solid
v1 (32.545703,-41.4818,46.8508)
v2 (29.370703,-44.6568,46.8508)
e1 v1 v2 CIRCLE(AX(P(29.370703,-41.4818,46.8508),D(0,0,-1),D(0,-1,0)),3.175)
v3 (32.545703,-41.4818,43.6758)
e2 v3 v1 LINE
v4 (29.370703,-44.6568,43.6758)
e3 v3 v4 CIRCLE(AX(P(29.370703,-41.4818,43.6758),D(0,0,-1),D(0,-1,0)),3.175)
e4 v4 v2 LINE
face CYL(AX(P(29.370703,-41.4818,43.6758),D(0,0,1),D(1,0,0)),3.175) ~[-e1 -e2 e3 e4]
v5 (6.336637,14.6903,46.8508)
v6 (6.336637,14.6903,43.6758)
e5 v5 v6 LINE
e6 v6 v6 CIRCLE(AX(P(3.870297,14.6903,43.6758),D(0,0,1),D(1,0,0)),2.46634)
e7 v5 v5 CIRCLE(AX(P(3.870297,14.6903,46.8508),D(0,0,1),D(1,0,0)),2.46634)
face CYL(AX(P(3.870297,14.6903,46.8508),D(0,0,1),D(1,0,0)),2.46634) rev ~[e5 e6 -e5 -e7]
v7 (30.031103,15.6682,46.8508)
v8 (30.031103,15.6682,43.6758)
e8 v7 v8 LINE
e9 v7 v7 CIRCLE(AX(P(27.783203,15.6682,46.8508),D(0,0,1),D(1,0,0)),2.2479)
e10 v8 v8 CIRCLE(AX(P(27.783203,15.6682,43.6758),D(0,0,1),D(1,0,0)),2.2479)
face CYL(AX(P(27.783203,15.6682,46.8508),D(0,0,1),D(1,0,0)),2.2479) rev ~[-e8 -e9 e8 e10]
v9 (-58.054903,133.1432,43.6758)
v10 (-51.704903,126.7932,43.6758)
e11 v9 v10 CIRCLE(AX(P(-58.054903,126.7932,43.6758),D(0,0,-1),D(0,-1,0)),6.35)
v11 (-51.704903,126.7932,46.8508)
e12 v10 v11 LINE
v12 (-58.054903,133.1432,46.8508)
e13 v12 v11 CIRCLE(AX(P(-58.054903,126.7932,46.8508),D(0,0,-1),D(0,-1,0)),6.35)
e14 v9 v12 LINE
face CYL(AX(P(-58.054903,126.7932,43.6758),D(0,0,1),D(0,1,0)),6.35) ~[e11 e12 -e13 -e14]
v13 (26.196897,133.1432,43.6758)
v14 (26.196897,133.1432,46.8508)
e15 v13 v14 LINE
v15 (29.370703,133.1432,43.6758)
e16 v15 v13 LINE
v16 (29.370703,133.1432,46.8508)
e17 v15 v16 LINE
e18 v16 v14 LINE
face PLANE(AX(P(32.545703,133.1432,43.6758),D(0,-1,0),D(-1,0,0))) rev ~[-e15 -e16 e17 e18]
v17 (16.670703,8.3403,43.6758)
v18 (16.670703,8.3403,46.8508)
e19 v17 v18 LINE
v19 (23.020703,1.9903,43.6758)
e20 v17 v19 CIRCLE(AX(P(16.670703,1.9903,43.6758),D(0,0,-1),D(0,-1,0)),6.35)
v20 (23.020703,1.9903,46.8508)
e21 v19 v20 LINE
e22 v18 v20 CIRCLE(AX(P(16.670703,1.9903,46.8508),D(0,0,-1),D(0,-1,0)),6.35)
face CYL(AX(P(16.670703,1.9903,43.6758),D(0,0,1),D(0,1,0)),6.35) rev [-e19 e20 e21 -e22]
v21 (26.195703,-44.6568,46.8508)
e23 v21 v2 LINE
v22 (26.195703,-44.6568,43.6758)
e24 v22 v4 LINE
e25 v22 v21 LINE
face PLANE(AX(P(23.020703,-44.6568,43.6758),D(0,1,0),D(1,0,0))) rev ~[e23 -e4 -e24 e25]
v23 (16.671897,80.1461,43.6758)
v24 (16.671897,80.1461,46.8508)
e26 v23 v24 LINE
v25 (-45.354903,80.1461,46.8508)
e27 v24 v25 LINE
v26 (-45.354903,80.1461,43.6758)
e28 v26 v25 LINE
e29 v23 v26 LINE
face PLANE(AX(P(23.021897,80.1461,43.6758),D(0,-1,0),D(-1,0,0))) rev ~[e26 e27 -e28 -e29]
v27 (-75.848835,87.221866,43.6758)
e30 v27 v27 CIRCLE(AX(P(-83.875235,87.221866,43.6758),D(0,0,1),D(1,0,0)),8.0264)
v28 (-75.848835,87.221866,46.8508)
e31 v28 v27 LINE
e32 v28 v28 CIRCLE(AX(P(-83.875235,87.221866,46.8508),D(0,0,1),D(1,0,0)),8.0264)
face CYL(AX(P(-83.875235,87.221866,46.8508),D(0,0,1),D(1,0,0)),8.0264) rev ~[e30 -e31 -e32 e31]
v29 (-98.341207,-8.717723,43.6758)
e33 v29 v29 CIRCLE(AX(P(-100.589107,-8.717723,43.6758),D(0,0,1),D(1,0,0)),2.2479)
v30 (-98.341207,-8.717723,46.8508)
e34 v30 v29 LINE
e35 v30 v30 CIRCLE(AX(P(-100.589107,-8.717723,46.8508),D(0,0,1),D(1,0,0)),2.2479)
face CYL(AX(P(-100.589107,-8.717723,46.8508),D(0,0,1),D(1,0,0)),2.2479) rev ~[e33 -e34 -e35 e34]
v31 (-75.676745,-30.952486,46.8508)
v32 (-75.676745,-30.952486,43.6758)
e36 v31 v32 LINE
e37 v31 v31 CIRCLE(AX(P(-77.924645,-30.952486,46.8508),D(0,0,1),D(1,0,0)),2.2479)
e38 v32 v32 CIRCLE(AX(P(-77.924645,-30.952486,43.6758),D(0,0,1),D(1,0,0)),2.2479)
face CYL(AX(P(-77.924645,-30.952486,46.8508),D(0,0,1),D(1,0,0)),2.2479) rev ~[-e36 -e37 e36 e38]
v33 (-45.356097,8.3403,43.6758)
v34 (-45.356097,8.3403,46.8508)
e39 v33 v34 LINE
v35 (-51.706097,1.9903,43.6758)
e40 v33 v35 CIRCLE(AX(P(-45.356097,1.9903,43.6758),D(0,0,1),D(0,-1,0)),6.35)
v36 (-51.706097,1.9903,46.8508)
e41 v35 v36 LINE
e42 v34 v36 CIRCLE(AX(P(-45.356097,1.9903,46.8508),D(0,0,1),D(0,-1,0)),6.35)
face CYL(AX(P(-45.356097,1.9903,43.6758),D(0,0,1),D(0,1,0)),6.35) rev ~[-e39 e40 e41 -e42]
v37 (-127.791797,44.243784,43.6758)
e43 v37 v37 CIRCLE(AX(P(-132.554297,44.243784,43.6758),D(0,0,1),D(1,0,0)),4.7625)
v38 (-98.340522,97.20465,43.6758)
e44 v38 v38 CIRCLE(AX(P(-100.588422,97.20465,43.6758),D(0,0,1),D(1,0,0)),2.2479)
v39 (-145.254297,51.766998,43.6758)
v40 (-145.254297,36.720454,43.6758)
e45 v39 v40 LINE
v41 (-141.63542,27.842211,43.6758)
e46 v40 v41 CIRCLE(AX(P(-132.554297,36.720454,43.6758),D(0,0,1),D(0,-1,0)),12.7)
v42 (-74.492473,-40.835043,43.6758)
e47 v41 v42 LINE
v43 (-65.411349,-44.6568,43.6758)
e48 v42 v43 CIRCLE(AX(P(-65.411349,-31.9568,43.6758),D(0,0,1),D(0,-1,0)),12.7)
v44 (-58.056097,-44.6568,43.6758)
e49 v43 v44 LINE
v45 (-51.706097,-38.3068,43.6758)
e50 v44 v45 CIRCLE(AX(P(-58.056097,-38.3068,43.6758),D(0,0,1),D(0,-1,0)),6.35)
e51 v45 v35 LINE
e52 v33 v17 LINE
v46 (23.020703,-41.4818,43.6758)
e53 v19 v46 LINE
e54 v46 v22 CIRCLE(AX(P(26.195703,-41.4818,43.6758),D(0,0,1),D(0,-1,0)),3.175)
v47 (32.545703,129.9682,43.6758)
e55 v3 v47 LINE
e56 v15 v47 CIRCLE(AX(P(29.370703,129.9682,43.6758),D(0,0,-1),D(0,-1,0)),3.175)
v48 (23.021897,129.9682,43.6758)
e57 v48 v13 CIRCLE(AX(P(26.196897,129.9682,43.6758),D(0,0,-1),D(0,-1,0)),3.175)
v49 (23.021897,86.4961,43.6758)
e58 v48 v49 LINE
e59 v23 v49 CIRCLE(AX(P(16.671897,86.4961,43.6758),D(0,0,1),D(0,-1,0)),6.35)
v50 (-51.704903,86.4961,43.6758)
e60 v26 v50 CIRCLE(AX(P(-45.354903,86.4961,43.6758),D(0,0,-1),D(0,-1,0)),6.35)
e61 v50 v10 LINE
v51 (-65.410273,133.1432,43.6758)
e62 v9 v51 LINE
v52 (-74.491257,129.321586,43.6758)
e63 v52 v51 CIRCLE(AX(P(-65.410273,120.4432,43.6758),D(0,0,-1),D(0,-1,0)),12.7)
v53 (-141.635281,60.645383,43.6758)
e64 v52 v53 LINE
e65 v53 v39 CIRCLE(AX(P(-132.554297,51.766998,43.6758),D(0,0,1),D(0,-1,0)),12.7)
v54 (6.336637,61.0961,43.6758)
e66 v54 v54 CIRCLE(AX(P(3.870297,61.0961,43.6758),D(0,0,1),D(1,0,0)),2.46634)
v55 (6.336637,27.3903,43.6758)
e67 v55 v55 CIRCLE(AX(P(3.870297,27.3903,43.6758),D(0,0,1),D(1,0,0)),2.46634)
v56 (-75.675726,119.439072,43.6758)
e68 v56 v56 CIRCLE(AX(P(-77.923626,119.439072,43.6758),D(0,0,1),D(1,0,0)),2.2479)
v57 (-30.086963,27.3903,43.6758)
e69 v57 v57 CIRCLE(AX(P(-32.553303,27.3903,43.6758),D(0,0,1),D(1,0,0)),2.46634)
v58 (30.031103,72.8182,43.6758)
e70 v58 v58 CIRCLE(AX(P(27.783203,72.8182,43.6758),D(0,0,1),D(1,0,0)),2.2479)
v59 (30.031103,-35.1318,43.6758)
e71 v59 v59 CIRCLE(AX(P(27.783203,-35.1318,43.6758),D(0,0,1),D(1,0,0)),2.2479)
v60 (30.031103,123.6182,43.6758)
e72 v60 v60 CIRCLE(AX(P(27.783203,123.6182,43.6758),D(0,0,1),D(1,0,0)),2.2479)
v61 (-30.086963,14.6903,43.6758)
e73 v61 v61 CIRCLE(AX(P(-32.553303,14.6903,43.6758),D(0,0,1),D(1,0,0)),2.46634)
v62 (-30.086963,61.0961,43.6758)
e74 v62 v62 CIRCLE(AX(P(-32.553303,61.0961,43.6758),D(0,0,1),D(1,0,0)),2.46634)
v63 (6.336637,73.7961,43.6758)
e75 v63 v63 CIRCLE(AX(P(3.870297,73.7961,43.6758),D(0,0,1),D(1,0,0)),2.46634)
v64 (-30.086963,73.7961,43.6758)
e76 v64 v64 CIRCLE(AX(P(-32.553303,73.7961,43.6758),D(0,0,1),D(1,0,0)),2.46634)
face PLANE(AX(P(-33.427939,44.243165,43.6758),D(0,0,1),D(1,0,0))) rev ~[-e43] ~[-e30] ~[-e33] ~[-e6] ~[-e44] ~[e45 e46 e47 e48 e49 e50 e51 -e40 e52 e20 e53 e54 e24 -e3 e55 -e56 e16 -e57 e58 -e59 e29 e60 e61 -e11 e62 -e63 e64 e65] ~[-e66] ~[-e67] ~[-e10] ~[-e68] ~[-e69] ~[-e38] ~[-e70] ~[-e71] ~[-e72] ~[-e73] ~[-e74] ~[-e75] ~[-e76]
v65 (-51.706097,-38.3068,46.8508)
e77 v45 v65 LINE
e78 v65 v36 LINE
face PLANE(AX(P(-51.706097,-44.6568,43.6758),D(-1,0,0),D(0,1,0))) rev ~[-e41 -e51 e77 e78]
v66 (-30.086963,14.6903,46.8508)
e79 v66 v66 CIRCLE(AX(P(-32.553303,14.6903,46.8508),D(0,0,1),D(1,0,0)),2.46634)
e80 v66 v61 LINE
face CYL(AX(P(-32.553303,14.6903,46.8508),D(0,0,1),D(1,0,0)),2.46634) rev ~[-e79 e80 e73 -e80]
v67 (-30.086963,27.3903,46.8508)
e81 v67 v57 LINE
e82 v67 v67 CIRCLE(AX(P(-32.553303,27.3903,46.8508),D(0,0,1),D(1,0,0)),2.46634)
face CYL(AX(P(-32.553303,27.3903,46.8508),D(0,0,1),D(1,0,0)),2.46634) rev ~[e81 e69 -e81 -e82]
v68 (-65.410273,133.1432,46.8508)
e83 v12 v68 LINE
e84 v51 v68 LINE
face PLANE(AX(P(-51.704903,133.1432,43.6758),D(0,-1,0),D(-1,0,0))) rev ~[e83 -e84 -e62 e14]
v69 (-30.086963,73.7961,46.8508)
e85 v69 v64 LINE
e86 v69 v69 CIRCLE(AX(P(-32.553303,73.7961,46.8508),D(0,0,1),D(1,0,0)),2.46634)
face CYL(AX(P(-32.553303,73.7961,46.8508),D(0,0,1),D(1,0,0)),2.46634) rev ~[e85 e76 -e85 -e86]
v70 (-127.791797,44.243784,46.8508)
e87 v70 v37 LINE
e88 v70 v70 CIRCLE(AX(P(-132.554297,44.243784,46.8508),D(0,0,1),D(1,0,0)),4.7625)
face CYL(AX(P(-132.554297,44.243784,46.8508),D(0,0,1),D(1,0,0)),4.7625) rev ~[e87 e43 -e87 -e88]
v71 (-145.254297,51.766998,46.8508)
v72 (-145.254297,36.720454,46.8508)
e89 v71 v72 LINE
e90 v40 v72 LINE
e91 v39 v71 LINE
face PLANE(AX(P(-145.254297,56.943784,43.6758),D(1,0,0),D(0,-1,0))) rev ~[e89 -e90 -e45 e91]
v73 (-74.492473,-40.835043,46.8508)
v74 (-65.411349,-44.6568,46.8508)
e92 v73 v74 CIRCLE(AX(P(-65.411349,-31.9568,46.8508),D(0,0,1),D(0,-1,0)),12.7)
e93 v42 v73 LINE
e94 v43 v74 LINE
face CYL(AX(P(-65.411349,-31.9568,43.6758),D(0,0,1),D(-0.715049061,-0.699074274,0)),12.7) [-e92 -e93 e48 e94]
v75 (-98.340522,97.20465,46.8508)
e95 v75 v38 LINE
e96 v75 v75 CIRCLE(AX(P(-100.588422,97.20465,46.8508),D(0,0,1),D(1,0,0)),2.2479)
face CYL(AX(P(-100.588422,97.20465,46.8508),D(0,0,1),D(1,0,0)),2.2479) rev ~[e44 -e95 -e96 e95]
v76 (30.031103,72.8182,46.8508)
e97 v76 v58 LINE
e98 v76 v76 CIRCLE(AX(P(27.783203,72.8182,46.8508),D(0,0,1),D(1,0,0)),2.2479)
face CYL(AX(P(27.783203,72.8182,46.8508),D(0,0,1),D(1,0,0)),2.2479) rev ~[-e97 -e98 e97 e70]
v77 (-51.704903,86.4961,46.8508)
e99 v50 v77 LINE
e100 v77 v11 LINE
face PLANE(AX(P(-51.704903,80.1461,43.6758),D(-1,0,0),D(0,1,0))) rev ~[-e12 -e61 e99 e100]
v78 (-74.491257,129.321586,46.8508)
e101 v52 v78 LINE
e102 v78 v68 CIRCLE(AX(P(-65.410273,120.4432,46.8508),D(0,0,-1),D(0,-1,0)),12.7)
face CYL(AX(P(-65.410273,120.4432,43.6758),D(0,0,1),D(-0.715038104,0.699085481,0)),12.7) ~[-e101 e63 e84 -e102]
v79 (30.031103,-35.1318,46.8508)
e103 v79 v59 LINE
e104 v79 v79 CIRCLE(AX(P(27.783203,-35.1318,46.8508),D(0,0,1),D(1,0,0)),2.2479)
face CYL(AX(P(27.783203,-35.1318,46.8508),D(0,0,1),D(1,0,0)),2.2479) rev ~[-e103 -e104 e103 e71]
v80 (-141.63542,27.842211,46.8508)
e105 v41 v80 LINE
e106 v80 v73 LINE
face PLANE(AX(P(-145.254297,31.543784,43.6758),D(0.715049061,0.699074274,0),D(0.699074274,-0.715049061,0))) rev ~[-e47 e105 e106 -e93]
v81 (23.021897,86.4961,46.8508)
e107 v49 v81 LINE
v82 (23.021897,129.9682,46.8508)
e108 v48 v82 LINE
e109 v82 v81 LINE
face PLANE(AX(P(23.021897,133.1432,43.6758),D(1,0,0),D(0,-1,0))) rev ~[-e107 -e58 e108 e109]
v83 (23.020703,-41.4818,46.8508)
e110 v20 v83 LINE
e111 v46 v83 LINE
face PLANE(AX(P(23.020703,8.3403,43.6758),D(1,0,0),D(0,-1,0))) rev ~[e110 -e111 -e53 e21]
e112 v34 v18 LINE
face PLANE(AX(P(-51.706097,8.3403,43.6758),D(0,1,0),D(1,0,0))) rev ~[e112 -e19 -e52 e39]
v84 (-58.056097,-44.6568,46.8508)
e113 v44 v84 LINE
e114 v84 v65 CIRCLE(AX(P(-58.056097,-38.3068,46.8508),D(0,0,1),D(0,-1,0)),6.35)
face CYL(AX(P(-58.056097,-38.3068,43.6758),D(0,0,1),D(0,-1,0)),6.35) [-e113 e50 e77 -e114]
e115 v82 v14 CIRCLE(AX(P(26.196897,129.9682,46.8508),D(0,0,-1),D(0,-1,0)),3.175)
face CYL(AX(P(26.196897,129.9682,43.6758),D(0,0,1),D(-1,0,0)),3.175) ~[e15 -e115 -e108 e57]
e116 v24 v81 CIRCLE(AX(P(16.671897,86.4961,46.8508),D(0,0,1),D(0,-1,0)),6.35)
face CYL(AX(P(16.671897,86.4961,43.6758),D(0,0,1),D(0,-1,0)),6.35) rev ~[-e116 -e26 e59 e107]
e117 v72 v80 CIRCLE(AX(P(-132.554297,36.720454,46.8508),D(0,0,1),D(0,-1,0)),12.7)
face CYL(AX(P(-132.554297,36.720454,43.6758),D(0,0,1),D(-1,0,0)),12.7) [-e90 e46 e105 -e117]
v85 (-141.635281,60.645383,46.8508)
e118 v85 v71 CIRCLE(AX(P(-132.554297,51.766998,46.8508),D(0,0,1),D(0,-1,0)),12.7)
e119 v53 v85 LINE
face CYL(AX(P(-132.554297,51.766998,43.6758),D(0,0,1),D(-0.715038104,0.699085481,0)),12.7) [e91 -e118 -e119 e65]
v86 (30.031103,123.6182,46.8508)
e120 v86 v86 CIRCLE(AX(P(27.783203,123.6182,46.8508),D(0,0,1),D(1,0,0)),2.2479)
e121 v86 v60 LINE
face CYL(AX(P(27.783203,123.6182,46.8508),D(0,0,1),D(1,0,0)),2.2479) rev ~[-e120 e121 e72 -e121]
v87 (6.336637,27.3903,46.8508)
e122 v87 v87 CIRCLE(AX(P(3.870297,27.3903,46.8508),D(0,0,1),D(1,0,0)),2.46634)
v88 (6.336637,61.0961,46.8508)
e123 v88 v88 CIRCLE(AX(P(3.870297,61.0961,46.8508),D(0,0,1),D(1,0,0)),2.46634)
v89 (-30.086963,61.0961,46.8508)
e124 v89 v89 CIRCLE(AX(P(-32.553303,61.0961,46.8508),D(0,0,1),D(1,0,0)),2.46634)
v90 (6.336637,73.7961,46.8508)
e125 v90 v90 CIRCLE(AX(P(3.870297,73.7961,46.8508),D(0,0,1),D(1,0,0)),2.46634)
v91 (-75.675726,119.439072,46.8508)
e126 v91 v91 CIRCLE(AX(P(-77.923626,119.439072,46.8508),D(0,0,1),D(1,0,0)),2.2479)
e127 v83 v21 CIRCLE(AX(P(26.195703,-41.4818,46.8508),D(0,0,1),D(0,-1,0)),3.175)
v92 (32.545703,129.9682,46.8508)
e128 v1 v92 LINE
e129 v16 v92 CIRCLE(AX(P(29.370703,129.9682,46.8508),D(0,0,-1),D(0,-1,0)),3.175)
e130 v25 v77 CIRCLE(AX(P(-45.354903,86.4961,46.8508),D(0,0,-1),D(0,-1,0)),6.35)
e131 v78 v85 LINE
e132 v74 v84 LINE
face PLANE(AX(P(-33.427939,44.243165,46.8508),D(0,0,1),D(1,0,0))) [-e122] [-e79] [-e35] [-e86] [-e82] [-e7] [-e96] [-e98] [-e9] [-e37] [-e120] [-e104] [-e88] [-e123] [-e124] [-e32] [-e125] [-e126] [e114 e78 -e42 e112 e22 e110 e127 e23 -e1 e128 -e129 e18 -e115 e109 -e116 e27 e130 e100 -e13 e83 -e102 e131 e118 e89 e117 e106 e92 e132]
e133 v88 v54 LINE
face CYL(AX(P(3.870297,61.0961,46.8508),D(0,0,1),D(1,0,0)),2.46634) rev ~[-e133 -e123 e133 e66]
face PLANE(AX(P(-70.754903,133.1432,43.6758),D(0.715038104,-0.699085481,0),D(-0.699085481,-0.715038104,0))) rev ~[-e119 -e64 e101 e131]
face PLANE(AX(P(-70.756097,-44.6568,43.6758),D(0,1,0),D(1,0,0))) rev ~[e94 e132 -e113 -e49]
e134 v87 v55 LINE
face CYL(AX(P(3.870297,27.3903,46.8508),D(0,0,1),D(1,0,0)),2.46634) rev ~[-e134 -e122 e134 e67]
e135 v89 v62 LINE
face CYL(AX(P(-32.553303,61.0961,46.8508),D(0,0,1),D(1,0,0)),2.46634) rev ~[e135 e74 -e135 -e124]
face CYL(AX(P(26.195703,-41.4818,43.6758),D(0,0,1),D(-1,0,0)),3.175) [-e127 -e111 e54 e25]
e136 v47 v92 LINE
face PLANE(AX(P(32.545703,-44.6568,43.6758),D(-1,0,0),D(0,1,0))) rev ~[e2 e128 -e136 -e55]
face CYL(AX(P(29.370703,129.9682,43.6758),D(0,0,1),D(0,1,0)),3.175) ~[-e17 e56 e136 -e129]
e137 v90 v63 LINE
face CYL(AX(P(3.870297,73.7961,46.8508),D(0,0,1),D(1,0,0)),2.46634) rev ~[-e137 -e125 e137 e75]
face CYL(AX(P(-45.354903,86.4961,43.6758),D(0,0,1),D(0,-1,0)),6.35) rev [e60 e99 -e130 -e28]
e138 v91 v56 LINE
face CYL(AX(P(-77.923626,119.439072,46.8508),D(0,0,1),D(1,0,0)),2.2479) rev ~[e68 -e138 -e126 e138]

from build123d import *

# Parameters (mm, degrees)
PAD_DEPTH       = 3.175
SKETCH001_R     = 8.0264
SKETCH001_R_2   = 4.7625
SKETCH001_R_3   = 2.46634
POCKET_DEPTH    = 3.176
FILLET_R        = 12.7
FILLET001_R     = 12.7
FILLET002_R     = 12.7
FILLET003_R     = 12.7
FILLET004_R     = 6.35
FILLET005_R     = 6.35
FILLET006_R     = 6.35
FILLET007_R     = 6.35
FILLET008_R     = 3.175
SKETCH002_R     = 2.2479
POCKET001_DEPTH = 3.176
FILLET009_R     = 6.35
FILLET010_R     = 6.35
FILLET011_R     = 3.175
FILLET012_R     = 3.175
SKETCH003_R     = 2.2479
POCKET002_DEPTH = 3.176


with BuildPart() as part:
    # Sketch → Pad (new body)
    with BuildSketch(Plane(origin=(-14.3421, 44.2432, 43.6758), x_dir=(1, 0, 0), z_dir=(0, 0, 1))):
        Polygon((37.363997, 35.9029), (-37.362803, 35.9029), (-37.362803, 88.9), (-56.412803, 88.9), (-130.912197, 12.700584), (-130.912197, -12.699416), (-56.413997, -88.9), (-37.363997, -88.9), (-37.363997, -35.9029), (37.362803, -35.9029), (37.362803, -88.9), (46.887803, -88.9), (46.887803, 88.9), (37.363997, 88.9), align=None)
    extrude(amount=PAD_DEPTH)

    # Sketch001 → Pocket (cut, through all)
    with BuildSketch(Plane(origin=(-14.3421, 44.2432, 46.8508), x_dir=(1, 0, 0), z_dir=(0, 0, 1))):
        with Locations((-69.533135, 42.978666)):
            Circle(SKETCH001_R)
        with Locations((-118.212197, 0.000584)):
            Circle(SKETCH001_R_2)
        with Locations((-18.211203, 29.5529)):
            Circle(SKETCH001_R_3)
        with Locations((18.212397, 29.5529)):
            Circle(SKETCH001_R_3)
        with Locations((-18.211203, 16.8529)):
            Circle(SKETCH001_R_3)
        with Locations((18.212397, 16.8529)):
            Circle(SKETCH001_R_3)
        with Locations((-18.211203, -16.8529)):
            Circle(SKETCH001_R_3)
        with Locations((18.212397, -16.8529)):
            Circle(SKETCH001_R_3)
        with Locations((-18.211203, -29.5529)):
            Circle(SKETCH001_R_3)
        with Locations((18.212397, -29.5529)):
            Circle(SKETCH001_R_3)
    extrude(amount=-POCKET_DEPTH, mode=Mode.SUBTRACT)

    # Fillet
    fillet_edges = [part.edges().sort_by_distance(p)[0] for p in [
        (-145.254297, 56.943784, 45.2633),
    ]]
    fillet(fillet_edges, radius=FILLET_R)

    # Fillet001
    fillet001_edges = [part.edges().sort_by_distance(p)[0] for p in [
        (-145.254297, 31.543784, 45.2633),
    ]]
    fillet(fillet001_edges, radius=FILLET001_R)

    # Fillet002
    fillet002_edges = [part.edges().sort_by_distance(p)[0] for p in [
        (-70.756097, -44.6568, 45.2633),
    ]]
    fillet(fillet002_edges, radius=FILLET002_R)

    # Fillet003
    fillet003_edges = [part.edges().sort_by_distance(p)[0] for p in [
        (-70.754903, 133.1432, 45.2633),
    ]]
    fillet(fillet003_edges, radius=FILLET003_R)

    # Fillet004
    fillet004_edges = [part.edges().sort_by_distance(p)[0] for p in [
        (-51.706097, -44.6568, 45.2633),
    ]]
    fillet(fillet004_edges, radius=FILLET004_R)

    # Fillet005
    fillet005_edges = [part.edges().sort_by_distance(p)[0] for p in [
        (-51.704903, 133.1432, 45.2633),
    ]]
    fillet(fillet005_edges, radius=FILLET005_R)

    # Fillet006
    fillet006_edges = [part.edges().sort_by_distance(p)[0] for p in [
        (-51.706097, 8.3403, 45.2633),
    ]]
    fillet(fillet006_edges, radius=FILLET006_R)

    # Fillet007
    fillet007_edges = [part.edges().sort_by_distance(p)[0] for p in [
        (23.020703, 8.3403, 45.2633),
    ]]
    fillet(fillet007_edges, radius=FILLET007_R)

    # Fillet008
    fillet008_edges = [part.edges().sort_by_distance(p)[0] for p in [
        (23.020703, -44.6568, 45.2633),
    ]]
    fillet(fillet008_edges, radius=FILLET008_R)

    # Sketch002 → Pocket001 (cut, through all)
    with BuildSketch(Plane(origin=(-14.3421, 44.2432, 46.8508), x_dir=(1, 0, 0), z_dir=(0, 0, 1))):
        with Locations((-63.581526, 75.195872)):
            Circle(SKETCH002_R)
        with Locations((-86.246322, 52.96145)):
            Circle(SKETCH002_R)
        with Locations((-86.247007, -52.960923)):
            Circle(SKETCH002_R)
        with Locations((-63.582545, -75.195686)):
            Circle(SKETCH002_R)
    extrude(amount=-POCKET001_DEPTH, mode=Mode.SUBTRACT)

    # Fillet009
    fillet009_edges = [part.edges().sort_by_distance(p)[0] for p in [
        (-51.704903, 80.1461, 45.2633),
    ]]
    fillet(fillet009_edges, radius=FILLET009_R)

    # Fillet010
    fillet010_edges = [part.edges().sort_by_distance(p)[0] for p in [
        (23.021897, 80.1461, 45.2633),
    ]]
    fillet(fillet010_edges, radius=FILLET010_R)

    # Fillet011
    fillet011_edges = [part.edges().sort_by_distance(p)[0] for p in [
        (23.021897, 133.1432, 45.2633),
        (32.545703, 133.1432, 45.2633),
    ]]
    fillet(fillet011_edges, radius=FILLET011_R)

    # Fillet012
    fillet012_edges = [part.edges().sort_by_distance(p)[0] for p in [
        (32.545703, -44.6568, 45.2633),
    ]]
    fillet(fillet012_edges, radius=FILLET012_R)

    # Sketch003 → Pocket002 (cut, through all)
    with BuildSketch(Plane(origin=(-14.3421, 44.2432, 46.8508), x_dir=(1, 0, 0), z_dir=(0, 0, 1))):
        with Locations((42.125303, -28.575)):
            Circle(SKETCH003_R)
        with Locations((42.125303, 79.375)):
            Circle(SKETCH003_R)
        with Locations((42.125303, -79.375)):
            Circle(SKETCH003_R)
        with Locations((42.125303, 28.575)):
            Circle(SKETCH003_R)
    extrude(amount=-POCKET002_DEPTH, mode=Mode.SUBTRACT)


solid = part.part
